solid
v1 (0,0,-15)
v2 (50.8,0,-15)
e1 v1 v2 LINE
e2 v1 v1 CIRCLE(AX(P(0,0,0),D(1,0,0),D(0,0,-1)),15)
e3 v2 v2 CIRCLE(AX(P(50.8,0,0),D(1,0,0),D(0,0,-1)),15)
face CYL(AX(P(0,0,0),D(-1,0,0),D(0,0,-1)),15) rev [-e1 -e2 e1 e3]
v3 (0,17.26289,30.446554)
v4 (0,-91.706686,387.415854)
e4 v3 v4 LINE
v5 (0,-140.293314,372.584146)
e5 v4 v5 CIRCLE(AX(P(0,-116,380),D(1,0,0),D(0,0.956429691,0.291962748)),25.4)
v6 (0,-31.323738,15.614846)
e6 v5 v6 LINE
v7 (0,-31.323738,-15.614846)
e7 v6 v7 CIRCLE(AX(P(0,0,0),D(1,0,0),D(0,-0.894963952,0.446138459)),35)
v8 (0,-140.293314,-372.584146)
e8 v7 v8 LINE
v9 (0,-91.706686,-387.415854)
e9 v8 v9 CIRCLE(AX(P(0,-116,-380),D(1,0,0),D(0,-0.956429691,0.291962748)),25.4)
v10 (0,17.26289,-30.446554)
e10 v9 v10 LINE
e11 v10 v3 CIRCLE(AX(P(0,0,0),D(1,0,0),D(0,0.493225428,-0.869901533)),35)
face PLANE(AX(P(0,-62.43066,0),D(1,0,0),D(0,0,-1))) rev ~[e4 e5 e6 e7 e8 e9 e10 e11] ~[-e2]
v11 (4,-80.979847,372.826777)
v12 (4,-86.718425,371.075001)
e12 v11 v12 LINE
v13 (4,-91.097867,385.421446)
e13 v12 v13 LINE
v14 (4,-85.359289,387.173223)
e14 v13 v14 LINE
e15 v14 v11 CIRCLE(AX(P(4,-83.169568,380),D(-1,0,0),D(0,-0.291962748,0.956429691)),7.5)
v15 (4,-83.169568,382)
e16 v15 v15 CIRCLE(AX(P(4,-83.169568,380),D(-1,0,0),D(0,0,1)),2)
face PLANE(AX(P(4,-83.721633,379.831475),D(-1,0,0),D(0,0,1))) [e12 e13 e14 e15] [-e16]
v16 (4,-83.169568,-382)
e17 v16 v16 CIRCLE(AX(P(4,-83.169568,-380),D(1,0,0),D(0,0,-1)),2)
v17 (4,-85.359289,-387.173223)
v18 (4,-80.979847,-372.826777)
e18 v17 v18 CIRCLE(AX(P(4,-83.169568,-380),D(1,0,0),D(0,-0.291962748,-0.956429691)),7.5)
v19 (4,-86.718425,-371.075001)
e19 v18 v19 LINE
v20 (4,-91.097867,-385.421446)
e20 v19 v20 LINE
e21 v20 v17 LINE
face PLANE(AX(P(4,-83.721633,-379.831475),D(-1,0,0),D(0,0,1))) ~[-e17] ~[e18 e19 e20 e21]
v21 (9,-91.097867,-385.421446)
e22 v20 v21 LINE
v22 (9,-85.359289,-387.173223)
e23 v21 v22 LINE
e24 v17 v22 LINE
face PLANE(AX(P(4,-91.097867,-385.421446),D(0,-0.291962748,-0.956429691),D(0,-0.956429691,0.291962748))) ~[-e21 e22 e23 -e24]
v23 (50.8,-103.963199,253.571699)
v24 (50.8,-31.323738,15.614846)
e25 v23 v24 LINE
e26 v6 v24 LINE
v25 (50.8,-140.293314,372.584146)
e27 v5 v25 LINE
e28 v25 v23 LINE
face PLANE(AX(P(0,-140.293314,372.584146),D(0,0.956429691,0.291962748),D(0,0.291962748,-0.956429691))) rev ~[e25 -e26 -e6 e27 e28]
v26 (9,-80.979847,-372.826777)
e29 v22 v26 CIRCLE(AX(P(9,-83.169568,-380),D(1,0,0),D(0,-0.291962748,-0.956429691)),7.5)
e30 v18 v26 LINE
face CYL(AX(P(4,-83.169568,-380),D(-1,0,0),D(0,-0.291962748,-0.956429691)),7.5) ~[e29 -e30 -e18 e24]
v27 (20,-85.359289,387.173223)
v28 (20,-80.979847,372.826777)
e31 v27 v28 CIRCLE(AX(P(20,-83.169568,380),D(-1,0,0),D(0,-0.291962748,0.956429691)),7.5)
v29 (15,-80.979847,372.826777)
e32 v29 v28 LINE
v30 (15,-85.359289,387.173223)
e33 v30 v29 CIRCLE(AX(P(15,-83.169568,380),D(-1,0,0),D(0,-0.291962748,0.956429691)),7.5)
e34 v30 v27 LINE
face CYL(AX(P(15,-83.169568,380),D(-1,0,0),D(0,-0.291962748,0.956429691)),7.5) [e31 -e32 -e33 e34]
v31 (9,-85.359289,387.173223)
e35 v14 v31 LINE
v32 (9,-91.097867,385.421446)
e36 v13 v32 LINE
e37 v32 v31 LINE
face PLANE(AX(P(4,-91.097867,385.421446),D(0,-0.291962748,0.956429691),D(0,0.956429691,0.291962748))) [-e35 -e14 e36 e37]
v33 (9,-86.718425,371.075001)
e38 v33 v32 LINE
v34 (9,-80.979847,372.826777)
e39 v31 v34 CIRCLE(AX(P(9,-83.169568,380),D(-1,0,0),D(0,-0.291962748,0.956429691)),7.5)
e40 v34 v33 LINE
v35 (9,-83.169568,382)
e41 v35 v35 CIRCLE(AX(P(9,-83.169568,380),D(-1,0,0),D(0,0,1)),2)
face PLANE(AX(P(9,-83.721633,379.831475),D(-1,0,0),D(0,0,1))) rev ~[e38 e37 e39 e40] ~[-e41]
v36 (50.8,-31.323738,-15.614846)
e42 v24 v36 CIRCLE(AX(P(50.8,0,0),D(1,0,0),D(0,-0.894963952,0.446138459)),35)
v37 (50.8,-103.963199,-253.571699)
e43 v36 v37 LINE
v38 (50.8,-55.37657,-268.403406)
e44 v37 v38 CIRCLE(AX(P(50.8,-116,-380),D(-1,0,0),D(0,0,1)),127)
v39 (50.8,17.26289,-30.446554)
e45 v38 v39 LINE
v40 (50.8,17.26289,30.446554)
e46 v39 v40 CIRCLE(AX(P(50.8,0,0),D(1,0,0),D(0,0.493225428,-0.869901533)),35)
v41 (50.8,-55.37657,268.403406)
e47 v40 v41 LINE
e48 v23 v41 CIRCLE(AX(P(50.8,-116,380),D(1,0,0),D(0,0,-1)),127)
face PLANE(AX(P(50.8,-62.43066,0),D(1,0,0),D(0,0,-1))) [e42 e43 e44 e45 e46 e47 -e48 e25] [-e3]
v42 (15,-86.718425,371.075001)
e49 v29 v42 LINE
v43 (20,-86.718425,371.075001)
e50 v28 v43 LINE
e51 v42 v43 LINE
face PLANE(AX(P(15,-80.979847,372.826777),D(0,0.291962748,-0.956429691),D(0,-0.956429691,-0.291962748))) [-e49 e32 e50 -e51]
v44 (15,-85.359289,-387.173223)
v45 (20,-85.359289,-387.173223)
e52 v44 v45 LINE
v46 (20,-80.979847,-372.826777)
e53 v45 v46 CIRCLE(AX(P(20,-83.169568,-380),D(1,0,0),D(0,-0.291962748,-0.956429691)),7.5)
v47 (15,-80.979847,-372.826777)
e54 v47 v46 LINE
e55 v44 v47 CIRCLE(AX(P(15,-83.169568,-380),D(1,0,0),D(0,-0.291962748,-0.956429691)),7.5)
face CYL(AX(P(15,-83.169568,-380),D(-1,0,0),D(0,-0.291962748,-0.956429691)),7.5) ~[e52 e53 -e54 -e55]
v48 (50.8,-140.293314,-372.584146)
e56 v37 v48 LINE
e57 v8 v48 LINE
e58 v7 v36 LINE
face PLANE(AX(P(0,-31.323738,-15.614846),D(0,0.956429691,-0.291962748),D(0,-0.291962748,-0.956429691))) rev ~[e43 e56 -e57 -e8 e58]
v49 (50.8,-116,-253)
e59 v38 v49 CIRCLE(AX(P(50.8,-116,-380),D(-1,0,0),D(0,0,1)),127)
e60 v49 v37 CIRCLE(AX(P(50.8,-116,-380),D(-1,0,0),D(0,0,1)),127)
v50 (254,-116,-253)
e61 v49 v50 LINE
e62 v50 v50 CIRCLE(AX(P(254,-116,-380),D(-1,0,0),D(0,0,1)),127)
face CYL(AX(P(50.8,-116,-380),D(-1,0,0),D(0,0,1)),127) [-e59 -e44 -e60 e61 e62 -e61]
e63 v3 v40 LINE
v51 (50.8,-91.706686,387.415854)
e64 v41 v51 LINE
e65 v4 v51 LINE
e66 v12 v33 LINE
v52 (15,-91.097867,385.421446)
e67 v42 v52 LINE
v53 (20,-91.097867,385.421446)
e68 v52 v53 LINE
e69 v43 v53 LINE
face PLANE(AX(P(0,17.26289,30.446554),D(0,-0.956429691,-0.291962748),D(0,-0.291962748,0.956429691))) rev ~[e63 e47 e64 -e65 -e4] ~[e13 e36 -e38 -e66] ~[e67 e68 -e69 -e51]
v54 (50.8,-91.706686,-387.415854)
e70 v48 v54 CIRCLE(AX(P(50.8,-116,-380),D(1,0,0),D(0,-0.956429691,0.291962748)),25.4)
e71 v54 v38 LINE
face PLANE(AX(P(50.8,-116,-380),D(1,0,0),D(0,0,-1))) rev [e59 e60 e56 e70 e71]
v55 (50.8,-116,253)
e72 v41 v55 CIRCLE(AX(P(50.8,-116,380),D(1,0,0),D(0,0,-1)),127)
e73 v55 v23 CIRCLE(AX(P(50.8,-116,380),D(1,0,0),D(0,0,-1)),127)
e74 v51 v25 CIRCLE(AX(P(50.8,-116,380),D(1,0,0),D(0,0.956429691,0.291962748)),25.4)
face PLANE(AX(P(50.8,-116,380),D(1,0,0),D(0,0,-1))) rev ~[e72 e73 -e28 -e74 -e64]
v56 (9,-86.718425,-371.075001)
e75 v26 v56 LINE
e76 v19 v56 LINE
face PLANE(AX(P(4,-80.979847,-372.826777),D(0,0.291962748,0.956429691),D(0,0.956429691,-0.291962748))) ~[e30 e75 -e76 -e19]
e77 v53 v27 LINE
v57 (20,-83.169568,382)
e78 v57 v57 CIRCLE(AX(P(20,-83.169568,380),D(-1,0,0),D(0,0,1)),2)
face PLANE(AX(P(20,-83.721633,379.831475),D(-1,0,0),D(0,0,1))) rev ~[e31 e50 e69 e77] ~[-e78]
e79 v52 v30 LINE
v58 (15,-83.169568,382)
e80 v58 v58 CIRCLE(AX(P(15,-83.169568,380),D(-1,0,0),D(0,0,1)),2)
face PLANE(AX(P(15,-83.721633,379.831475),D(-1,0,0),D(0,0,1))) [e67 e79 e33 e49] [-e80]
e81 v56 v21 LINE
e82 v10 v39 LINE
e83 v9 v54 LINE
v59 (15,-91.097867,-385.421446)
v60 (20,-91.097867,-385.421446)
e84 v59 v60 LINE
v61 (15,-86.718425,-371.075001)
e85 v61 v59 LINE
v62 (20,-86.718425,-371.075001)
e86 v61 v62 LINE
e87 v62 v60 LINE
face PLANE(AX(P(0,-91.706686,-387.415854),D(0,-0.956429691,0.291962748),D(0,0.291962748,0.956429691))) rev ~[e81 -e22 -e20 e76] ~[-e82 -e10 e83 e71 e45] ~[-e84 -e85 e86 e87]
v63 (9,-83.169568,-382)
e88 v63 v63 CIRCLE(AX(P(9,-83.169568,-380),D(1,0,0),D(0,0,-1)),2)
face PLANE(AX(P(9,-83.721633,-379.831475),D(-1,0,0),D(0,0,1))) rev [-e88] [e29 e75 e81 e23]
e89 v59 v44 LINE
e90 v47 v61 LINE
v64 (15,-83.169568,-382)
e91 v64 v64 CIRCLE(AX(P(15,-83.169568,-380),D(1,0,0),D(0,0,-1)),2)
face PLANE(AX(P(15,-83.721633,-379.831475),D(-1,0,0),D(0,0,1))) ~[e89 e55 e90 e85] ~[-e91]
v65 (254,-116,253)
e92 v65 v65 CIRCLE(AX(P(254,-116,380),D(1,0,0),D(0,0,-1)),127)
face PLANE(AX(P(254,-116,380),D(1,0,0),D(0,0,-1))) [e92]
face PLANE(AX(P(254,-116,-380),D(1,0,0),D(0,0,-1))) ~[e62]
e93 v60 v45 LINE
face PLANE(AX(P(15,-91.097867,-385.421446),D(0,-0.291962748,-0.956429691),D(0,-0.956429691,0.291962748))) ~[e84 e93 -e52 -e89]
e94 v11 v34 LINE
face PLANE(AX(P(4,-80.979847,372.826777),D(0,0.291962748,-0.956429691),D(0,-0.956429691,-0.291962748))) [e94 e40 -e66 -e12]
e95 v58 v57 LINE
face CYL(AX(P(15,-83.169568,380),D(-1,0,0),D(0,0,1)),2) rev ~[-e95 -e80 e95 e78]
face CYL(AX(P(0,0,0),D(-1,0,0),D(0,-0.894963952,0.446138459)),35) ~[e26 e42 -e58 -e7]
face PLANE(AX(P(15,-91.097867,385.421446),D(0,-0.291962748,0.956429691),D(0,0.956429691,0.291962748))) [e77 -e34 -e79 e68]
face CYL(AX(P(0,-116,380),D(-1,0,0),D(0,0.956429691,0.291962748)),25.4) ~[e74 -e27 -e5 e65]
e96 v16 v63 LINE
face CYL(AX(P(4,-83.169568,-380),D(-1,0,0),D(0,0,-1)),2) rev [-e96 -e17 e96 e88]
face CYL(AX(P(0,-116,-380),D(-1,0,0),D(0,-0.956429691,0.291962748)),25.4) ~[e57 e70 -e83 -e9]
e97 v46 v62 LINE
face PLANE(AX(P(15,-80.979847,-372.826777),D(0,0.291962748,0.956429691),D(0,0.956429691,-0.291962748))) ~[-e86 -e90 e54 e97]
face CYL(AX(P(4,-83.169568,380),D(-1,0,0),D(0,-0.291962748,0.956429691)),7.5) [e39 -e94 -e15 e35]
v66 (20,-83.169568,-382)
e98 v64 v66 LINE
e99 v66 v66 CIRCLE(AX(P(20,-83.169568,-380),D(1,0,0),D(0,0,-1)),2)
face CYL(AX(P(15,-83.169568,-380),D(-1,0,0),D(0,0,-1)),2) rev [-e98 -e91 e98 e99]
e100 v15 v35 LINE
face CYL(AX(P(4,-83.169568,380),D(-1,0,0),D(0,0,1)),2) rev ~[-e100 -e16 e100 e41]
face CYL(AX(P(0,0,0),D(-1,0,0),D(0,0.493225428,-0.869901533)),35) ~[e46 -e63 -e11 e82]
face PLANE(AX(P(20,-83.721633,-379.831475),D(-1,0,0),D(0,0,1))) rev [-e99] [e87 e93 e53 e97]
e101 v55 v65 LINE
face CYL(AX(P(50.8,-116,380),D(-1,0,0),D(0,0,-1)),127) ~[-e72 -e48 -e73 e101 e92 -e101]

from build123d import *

# Parameters (mm, degrees)
SKETCH1_R           = 15
BOSS_EXTRUDE1_DEPTH = 50.8
SKETCH2_R           = 127
BOSS_EXTRUDE2_DEPTH = 203.2
BOSS_EXTRUDE3_START = -4
SKETCH3_R           = 2
BOSS_EXTRUDE3_DEPTH = 5
BOSS_EXTRUDE4_START = -15
SKETCH3_2_R         = 2
BOSS_EXTRUDE4_DEPTH = 5


with BuildPart() as part:
    # Sketch1 → Boss-Extrude1 (new body)
    with BuildSketch(Plane(origin=(0, 0, 0), x_dir=(0, 0, -1), z_dir=(1, 0, 0))):
        with BuildLine():
            ThreePointArc((-387.415853794, -91.706685848), (-404.293314152, -123.415853794), (-372.584146206, -140.293314152))
            Line((-372.584146206, -140.293314152), (-15.614846066, -31.32373832))
            ThreePointArc((-15.614846066, -31.32373832), (0, -35), (15.614846066, -31.32373832))
            Line((15.614846066, -31.32373832), (372.584146206, -140.293314152))
            ThreePointArc((372.584146206, -140.293314152), (404.293314152, -123.415853794), (387.415853794, -91.706685848))
            Line((387.415853794, -91.706685848), (30.446553653, 17.262889985))
            ThreePointArc((30.446553653, 17.262889985), (0, 35), (-30.446553653, 17.262889985))
            Line((-30.446553653, 17.262889985), (-387.415853794, -91.706685848))
        make_face()
        Circle(SKETCH1_R, mode=Mode.SUBTRACT)
    extrude(amount=BOSS_EXTRUDE1_DEPTH)

    # Sketch2 → Boss-Extrude2 (add)
    with BuildSketch(Plane(origin=(50.8, 0, 0), x_dir=(0, 0, -1), z_dir=(1, 0, 0))):
        with Locations((-380, -116)):
            Circle(SKETCH2_R)
    boss_extrude2 = extrude(amount=BOSS_EXTRUDE2_DEPTH)

    # Sketch3 → Boss-Extrude3 (add)
    with BuildSketch(Plane.ZY.offset(BOSS_EXTRUDE3_START)):
        with BuildLine():
            Line((372.826777317, -80.979847323), (371.07500083, -86.718425469))
            Line((371.07500083, -86.718425469), (385.421446196, -91.097866686))
            Line((385.421446196, -91.097866686), (387.173222683, -85.35928854))
            ThreePointArc((387.173222683, -85.35928854), (382.189720608, -75.996345249), (372.826777317, -80.979847323))
        make_face()
        with Locations((380, -83.169567931)):
            Circle(SKETCH3_R, mode=Mode.SUBTRACT)
    boss_extrude3 = extrude(amount=-BOSS_EXTRUDE3_DEPTH)

    # Sketch3<2> → Boss-Extrude4 (add)
    with BuildSketch(Plane.ZY.offset(BOSS_EXTRUDE4_START)):
        with BuildLine():
            Line((372.826777317, -80.979847323), (371.07500083, -86.718425469))
            Line((371.07500083, -86.718425469), (385.421446196, -91.097866686))
            Line((385.421446196, -91.097866686), (387.173222683, -85.35928854))
            ThreePointArc((387.173222683, -85.35928854), (382.189720608, -75.996345249), (372.826777317, -80.979847323))
        make_face()
        with Locations((380, -83.169567931)):
            Circle(SKETCH3_2_R, mode=Mode.SUBTRACT)
    boss_extrude4 = extrude(amount=-BOSS_EXTRUDE4_DEPTH)

    # Mirror1: Boss-Extrude2, Boss-Extrude3, Boss-Extrude4 across plane
    add(boss_extrude2.mirror(Plane.XY))
    add(boss_extrude3.mirror(Plane.XY))
    add(boss_extrude4.mirror(Plane.XY))


solid = part.part
